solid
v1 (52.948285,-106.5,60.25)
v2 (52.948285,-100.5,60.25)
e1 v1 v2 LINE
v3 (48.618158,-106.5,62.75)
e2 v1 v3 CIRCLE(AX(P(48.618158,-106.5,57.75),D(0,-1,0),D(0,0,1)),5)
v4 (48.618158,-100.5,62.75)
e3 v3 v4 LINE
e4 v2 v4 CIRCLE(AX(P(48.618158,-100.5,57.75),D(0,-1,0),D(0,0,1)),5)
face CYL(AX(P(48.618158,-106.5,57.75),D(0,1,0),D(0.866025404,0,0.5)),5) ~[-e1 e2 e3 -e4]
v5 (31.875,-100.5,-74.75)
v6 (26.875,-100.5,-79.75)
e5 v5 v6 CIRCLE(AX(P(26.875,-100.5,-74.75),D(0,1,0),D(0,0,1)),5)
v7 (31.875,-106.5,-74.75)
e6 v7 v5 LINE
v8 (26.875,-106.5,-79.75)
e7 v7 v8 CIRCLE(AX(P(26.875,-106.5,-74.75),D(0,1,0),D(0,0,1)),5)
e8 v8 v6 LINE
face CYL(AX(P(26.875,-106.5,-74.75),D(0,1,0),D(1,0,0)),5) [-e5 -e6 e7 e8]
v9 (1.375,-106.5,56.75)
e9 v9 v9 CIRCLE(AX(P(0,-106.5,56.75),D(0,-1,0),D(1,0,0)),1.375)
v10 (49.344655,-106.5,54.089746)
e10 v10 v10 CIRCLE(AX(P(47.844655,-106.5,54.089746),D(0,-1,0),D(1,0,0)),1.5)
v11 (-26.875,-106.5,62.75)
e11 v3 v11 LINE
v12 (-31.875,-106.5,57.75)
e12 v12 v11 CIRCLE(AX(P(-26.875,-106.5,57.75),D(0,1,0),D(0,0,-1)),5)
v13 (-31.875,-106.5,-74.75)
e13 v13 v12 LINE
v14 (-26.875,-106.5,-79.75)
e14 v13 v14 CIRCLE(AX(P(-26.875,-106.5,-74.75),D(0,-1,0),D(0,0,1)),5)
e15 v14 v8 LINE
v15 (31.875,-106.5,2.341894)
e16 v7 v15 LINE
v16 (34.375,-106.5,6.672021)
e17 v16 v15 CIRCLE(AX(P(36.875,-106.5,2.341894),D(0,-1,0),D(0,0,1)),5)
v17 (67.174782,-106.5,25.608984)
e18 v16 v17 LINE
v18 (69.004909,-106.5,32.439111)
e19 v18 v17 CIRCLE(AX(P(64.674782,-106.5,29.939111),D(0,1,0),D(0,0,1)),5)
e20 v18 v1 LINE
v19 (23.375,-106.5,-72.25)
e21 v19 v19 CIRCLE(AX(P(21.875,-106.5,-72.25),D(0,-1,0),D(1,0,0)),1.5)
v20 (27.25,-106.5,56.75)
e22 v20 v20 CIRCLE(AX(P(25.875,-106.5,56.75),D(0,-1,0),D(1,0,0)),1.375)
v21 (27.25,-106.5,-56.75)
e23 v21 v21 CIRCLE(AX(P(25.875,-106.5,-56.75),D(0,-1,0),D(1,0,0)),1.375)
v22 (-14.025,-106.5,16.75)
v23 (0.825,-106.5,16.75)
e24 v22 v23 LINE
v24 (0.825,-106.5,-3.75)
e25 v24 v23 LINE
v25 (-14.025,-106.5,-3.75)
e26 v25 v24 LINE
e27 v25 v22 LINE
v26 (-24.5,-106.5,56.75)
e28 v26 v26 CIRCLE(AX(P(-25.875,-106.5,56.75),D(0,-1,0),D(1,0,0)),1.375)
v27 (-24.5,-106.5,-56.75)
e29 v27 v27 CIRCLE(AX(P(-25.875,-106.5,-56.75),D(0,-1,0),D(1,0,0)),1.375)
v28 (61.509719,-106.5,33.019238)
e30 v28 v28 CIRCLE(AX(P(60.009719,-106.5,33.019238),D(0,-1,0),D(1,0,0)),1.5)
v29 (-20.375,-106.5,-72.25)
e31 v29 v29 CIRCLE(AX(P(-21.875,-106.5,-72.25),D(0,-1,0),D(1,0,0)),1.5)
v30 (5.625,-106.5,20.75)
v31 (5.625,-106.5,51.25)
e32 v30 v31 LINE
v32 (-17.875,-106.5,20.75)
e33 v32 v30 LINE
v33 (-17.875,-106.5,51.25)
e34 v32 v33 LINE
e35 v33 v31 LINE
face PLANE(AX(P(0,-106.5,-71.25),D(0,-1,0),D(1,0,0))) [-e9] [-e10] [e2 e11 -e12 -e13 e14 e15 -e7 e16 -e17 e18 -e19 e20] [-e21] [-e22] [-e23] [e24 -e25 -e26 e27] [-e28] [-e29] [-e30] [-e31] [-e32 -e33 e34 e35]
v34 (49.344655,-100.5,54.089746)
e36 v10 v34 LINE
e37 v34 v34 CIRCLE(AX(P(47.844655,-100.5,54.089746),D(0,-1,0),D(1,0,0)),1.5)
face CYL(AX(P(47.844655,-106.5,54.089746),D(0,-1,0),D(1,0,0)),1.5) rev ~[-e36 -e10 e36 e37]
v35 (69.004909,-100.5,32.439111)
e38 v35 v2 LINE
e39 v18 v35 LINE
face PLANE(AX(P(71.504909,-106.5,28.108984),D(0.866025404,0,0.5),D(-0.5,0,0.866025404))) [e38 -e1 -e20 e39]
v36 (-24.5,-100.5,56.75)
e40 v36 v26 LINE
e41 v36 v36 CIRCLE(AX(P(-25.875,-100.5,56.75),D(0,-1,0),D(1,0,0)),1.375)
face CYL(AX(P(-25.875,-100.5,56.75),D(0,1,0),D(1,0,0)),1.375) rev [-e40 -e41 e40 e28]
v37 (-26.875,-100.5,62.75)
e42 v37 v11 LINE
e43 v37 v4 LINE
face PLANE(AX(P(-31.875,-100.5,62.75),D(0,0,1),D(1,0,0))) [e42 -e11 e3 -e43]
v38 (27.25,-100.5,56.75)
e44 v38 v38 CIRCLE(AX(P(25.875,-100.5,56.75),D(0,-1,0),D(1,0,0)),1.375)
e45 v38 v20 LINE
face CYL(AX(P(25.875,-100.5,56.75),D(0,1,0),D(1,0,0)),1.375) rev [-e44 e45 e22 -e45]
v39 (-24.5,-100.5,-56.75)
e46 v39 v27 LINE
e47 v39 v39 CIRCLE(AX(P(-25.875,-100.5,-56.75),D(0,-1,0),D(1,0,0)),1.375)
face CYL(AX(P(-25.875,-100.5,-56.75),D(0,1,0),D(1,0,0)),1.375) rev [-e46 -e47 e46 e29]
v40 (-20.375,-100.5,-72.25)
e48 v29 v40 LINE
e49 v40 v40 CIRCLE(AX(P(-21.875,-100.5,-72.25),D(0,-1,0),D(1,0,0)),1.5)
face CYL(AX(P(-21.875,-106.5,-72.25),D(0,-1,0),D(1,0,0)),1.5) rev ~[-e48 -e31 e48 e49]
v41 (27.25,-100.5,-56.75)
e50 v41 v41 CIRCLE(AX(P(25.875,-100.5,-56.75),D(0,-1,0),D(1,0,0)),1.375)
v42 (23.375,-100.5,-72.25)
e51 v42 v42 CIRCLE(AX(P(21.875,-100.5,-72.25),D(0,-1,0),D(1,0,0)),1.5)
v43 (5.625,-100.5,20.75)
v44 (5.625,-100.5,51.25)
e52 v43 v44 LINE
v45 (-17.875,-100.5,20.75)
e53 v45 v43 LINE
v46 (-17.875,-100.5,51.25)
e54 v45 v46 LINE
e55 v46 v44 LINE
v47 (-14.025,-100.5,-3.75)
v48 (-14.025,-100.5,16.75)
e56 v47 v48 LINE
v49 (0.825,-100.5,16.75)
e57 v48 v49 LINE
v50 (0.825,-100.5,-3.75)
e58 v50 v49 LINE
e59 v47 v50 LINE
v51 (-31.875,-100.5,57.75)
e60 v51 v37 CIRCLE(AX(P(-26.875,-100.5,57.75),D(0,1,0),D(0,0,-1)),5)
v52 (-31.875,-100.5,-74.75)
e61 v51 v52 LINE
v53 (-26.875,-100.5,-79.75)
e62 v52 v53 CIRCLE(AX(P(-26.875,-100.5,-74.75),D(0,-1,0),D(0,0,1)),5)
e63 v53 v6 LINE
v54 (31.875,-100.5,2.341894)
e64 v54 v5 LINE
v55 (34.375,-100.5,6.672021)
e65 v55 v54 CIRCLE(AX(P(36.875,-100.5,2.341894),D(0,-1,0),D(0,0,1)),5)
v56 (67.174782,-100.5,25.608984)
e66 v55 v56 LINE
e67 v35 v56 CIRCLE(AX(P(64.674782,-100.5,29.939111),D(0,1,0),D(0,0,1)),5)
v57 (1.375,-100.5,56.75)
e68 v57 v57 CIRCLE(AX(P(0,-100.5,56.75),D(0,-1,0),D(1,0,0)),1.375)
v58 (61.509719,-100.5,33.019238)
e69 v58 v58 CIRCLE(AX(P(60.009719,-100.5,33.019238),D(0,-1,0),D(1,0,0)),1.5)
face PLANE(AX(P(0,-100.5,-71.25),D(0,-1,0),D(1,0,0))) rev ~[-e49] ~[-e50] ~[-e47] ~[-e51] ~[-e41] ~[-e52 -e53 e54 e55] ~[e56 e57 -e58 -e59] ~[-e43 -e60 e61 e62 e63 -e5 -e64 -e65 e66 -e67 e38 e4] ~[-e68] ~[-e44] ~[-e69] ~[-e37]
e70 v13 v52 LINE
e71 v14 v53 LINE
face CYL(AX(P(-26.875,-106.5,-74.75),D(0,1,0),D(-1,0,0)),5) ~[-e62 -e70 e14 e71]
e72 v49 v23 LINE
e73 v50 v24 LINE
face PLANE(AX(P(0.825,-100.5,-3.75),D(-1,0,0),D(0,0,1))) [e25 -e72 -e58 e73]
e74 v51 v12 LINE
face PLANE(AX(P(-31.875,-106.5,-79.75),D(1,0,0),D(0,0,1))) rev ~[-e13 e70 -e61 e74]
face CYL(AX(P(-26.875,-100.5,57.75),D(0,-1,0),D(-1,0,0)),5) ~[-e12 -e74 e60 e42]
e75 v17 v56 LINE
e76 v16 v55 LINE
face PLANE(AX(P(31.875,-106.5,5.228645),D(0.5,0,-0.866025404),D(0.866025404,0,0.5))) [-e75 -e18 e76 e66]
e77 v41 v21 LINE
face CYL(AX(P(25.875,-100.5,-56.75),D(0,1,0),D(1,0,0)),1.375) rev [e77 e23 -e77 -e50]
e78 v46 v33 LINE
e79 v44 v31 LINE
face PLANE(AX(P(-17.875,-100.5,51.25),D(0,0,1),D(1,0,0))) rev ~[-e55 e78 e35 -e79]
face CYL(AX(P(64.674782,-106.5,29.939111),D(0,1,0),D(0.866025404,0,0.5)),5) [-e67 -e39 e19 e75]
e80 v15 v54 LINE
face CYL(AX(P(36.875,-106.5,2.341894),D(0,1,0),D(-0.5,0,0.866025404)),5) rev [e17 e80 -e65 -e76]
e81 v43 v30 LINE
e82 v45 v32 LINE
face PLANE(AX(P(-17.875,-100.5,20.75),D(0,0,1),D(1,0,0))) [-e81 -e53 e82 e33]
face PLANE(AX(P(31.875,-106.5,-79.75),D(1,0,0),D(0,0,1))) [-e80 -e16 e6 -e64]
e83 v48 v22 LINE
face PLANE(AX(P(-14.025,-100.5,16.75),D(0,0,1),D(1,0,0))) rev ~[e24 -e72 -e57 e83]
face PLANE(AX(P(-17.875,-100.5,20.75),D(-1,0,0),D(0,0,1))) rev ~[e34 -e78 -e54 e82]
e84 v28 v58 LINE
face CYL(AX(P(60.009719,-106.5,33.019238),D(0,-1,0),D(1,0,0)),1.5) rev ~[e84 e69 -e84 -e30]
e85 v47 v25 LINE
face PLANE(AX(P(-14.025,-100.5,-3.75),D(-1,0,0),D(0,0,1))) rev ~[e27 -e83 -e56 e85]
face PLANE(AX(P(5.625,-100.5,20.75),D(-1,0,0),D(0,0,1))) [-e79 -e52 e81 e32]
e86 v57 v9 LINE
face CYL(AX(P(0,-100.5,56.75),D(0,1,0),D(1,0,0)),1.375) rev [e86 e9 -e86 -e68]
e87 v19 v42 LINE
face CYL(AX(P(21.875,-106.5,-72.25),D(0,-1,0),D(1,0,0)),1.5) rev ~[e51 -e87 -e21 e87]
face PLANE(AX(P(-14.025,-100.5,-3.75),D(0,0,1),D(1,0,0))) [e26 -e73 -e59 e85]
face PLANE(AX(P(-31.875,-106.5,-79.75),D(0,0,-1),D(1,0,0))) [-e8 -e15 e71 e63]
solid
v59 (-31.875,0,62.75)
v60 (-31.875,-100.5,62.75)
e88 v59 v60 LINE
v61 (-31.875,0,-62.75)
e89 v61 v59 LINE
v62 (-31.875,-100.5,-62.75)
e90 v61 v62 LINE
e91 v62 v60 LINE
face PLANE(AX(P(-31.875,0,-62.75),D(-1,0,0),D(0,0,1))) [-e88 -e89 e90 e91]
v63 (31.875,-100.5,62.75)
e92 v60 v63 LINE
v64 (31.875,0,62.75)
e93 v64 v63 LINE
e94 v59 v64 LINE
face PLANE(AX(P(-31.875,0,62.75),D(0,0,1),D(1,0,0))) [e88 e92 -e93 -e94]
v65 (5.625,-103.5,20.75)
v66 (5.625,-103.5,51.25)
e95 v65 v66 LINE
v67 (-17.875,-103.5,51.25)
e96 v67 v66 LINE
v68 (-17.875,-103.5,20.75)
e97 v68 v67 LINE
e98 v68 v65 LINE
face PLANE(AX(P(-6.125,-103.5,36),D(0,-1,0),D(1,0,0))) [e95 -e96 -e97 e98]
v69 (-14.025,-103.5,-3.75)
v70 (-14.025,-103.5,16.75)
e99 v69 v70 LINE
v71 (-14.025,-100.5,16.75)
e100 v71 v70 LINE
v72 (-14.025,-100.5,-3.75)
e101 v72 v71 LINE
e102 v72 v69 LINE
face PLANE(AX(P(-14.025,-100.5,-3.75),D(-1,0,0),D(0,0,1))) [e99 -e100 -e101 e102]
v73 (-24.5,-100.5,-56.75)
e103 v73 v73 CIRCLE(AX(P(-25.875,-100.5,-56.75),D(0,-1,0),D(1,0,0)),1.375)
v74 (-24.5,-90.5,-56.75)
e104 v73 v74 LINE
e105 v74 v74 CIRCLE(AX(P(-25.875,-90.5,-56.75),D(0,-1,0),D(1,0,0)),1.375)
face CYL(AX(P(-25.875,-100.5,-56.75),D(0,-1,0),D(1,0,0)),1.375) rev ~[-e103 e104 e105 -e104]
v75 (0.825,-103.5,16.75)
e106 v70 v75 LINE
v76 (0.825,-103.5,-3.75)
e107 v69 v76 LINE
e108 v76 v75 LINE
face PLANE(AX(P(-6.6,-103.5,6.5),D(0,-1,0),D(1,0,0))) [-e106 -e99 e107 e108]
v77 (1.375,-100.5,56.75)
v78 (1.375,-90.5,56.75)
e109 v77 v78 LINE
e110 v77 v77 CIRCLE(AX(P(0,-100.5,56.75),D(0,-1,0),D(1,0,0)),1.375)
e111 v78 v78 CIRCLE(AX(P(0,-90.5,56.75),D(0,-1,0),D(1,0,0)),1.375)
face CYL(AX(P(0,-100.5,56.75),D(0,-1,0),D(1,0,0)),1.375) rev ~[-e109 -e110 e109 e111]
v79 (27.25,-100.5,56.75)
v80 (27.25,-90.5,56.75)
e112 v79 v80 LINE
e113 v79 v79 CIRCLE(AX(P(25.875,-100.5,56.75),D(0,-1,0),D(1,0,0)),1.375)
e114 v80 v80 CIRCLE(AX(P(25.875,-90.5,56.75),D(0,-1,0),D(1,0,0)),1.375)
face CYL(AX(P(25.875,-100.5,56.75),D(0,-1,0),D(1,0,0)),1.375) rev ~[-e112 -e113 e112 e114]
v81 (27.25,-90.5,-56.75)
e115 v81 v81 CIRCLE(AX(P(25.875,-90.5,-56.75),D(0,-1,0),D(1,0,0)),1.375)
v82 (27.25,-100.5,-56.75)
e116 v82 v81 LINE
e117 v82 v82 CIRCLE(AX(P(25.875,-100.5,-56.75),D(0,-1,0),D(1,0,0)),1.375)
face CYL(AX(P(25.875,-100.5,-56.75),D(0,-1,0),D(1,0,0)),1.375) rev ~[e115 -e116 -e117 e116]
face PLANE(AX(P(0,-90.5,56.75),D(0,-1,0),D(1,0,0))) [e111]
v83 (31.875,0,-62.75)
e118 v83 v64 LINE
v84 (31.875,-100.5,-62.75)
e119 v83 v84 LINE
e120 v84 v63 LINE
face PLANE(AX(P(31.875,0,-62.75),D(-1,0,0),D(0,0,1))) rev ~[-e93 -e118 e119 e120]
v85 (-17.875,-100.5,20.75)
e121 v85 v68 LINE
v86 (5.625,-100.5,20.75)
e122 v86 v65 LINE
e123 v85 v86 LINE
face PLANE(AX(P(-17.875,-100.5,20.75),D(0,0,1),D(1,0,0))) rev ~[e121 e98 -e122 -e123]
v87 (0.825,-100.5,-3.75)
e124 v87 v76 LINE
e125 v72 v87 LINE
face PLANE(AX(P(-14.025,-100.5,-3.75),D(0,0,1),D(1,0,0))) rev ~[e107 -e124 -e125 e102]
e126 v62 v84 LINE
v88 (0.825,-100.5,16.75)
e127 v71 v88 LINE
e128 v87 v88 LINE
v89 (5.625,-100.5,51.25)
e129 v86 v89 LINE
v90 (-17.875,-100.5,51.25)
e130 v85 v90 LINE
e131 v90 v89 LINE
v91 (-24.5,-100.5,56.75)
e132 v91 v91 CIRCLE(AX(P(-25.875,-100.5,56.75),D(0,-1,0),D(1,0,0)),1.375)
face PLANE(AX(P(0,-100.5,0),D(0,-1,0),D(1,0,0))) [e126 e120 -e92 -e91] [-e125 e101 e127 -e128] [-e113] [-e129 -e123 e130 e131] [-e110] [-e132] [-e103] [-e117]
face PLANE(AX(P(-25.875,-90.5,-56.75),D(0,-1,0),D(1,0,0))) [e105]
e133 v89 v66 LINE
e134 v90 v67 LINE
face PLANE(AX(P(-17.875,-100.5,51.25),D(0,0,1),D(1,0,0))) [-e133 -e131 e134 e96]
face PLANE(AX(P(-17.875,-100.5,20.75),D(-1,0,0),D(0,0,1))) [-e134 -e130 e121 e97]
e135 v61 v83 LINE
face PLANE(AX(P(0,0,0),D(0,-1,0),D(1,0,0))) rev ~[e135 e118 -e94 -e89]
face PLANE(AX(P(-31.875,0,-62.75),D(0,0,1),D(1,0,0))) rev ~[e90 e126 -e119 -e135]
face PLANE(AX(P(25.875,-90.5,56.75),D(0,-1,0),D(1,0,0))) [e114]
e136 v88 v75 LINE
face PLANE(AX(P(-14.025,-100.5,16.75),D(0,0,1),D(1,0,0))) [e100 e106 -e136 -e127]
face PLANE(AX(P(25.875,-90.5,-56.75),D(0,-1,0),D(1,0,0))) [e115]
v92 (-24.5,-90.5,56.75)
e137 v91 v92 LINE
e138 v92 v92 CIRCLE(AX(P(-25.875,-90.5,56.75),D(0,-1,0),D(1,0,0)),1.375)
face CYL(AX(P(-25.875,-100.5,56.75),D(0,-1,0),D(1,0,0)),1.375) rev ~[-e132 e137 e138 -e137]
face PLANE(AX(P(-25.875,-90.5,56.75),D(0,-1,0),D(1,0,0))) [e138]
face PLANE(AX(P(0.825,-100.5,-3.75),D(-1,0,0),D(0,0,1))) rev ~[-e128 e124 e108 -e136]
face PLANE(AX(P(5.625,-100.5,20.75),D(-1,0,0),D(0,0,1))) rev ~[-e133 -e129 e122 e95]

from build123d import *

# Parameters (mm, degrees)
F0_W     = 63.75
F0_H     = 125.5
F1_DEPTH = 100.5
F2_R     = 1.375
F3_DEPTH = 10
F4_W     = 23.5
F4_H     = 30.5
F4_W_2   = 14.85
F4_H_2   = 20.5
F5_DEPTH = 3
F6_DEPTH = 6
F7_W     = 63.75
F7_H     = 17
F7_R     = 1.5
F8_DEPTH = 6
F9_R     = 5


with BuildPart() as f1:
    # F0 (on Front) → F1 (new body)
    with BuildSketch(Plane.XZ):
        Rectangle(F0_W, F0_H)
    extrude(amount=F1_DEPTH)

    # F2 (on face) → F3 (cut)
    with BuildSketch(Plane.XZ.offset(100.5)):
        with Locations((-25.875, 56.75)):
            Circle(F2_R)
        with Locations((0, 56.75)):
            Circle(F2_R)
        with Locations((25.875, 56.75)):
            Circle(F2_R)
        with Locations((25.875, -56.75)):
            Circle(F2_R)
        with Locations((-25.875, -56.75)):
            Circle(F2_R)
    extrude(amount=-F3_DEPTH, mode=Mode.SUBTRACT)

    # F4 (on face) → F5 (join)
    with BuildSketch(Plane.XZ.offset(100.5)):
        with Locations((-6.125, 36)):
            Rectangle(F4_W, F4_H)
        with Locations((-6.6, 6.5)):
            Rectangle(F4_W_2, F4_H_2)
    extrude(amount=F5_DEPTH)


with BuildPart() as f6:
    # F6 (new): a face of the model
    f6_faces = [f1.part.faces().sort_by_distance(p)[0] for p in [
        (0.9207952497, -100.5, -4.0460195944),
    ]]
    extrude(f6_faces, amount=F6_DEPTH)

    # F7 (on face) → F8 (join, through all)
    with BuildSketch(Plane.XZ.offset(106.5)):
        with Locations((0, -71.25)):
            Rectangle(F7_W, F7_H)
        with Locations((-21.875, -72.25)):
            Circle(F7_R, mode=Mode.SUBTRACT)
        with Locations((21.875, -72.25)):
            Circle(F7_R, mode=Mode.SUBTRACT)
        Polygon((51.5049091524, 62.75), (31.875, 62.75), (31.875, 5.2286451315), (71.5049091524, 28.1089838486), align=None)
        with Locations((60.0097186241, 33.0192378865)):
            Circle(F7_R, mode=Mode.SUBTRACT)
        with Locations((47.8446551146, 54.0897459622)):
            Circle(F7_R, mode=Mode.SUBTRACT)
    extrude(amount=-F8_DEPTH)

    # F9
    f9_edges = [f6.edges().sort_by_distance(p)[0] for p in [
        (-31.875, -103.5, 62.75),
        (31.875, -103.5, -79.75),
        (-31.875, -103.5, -79.75),
        (71.504909, -103.5, 28.108984),
        (31.875, -103.5, 5.228645),
        (51.504909, -103.5, 62.75),
    ]]
    fillet(f9_edges, radius=F9_R)


solid = Compound([f1.part, f6.part])
